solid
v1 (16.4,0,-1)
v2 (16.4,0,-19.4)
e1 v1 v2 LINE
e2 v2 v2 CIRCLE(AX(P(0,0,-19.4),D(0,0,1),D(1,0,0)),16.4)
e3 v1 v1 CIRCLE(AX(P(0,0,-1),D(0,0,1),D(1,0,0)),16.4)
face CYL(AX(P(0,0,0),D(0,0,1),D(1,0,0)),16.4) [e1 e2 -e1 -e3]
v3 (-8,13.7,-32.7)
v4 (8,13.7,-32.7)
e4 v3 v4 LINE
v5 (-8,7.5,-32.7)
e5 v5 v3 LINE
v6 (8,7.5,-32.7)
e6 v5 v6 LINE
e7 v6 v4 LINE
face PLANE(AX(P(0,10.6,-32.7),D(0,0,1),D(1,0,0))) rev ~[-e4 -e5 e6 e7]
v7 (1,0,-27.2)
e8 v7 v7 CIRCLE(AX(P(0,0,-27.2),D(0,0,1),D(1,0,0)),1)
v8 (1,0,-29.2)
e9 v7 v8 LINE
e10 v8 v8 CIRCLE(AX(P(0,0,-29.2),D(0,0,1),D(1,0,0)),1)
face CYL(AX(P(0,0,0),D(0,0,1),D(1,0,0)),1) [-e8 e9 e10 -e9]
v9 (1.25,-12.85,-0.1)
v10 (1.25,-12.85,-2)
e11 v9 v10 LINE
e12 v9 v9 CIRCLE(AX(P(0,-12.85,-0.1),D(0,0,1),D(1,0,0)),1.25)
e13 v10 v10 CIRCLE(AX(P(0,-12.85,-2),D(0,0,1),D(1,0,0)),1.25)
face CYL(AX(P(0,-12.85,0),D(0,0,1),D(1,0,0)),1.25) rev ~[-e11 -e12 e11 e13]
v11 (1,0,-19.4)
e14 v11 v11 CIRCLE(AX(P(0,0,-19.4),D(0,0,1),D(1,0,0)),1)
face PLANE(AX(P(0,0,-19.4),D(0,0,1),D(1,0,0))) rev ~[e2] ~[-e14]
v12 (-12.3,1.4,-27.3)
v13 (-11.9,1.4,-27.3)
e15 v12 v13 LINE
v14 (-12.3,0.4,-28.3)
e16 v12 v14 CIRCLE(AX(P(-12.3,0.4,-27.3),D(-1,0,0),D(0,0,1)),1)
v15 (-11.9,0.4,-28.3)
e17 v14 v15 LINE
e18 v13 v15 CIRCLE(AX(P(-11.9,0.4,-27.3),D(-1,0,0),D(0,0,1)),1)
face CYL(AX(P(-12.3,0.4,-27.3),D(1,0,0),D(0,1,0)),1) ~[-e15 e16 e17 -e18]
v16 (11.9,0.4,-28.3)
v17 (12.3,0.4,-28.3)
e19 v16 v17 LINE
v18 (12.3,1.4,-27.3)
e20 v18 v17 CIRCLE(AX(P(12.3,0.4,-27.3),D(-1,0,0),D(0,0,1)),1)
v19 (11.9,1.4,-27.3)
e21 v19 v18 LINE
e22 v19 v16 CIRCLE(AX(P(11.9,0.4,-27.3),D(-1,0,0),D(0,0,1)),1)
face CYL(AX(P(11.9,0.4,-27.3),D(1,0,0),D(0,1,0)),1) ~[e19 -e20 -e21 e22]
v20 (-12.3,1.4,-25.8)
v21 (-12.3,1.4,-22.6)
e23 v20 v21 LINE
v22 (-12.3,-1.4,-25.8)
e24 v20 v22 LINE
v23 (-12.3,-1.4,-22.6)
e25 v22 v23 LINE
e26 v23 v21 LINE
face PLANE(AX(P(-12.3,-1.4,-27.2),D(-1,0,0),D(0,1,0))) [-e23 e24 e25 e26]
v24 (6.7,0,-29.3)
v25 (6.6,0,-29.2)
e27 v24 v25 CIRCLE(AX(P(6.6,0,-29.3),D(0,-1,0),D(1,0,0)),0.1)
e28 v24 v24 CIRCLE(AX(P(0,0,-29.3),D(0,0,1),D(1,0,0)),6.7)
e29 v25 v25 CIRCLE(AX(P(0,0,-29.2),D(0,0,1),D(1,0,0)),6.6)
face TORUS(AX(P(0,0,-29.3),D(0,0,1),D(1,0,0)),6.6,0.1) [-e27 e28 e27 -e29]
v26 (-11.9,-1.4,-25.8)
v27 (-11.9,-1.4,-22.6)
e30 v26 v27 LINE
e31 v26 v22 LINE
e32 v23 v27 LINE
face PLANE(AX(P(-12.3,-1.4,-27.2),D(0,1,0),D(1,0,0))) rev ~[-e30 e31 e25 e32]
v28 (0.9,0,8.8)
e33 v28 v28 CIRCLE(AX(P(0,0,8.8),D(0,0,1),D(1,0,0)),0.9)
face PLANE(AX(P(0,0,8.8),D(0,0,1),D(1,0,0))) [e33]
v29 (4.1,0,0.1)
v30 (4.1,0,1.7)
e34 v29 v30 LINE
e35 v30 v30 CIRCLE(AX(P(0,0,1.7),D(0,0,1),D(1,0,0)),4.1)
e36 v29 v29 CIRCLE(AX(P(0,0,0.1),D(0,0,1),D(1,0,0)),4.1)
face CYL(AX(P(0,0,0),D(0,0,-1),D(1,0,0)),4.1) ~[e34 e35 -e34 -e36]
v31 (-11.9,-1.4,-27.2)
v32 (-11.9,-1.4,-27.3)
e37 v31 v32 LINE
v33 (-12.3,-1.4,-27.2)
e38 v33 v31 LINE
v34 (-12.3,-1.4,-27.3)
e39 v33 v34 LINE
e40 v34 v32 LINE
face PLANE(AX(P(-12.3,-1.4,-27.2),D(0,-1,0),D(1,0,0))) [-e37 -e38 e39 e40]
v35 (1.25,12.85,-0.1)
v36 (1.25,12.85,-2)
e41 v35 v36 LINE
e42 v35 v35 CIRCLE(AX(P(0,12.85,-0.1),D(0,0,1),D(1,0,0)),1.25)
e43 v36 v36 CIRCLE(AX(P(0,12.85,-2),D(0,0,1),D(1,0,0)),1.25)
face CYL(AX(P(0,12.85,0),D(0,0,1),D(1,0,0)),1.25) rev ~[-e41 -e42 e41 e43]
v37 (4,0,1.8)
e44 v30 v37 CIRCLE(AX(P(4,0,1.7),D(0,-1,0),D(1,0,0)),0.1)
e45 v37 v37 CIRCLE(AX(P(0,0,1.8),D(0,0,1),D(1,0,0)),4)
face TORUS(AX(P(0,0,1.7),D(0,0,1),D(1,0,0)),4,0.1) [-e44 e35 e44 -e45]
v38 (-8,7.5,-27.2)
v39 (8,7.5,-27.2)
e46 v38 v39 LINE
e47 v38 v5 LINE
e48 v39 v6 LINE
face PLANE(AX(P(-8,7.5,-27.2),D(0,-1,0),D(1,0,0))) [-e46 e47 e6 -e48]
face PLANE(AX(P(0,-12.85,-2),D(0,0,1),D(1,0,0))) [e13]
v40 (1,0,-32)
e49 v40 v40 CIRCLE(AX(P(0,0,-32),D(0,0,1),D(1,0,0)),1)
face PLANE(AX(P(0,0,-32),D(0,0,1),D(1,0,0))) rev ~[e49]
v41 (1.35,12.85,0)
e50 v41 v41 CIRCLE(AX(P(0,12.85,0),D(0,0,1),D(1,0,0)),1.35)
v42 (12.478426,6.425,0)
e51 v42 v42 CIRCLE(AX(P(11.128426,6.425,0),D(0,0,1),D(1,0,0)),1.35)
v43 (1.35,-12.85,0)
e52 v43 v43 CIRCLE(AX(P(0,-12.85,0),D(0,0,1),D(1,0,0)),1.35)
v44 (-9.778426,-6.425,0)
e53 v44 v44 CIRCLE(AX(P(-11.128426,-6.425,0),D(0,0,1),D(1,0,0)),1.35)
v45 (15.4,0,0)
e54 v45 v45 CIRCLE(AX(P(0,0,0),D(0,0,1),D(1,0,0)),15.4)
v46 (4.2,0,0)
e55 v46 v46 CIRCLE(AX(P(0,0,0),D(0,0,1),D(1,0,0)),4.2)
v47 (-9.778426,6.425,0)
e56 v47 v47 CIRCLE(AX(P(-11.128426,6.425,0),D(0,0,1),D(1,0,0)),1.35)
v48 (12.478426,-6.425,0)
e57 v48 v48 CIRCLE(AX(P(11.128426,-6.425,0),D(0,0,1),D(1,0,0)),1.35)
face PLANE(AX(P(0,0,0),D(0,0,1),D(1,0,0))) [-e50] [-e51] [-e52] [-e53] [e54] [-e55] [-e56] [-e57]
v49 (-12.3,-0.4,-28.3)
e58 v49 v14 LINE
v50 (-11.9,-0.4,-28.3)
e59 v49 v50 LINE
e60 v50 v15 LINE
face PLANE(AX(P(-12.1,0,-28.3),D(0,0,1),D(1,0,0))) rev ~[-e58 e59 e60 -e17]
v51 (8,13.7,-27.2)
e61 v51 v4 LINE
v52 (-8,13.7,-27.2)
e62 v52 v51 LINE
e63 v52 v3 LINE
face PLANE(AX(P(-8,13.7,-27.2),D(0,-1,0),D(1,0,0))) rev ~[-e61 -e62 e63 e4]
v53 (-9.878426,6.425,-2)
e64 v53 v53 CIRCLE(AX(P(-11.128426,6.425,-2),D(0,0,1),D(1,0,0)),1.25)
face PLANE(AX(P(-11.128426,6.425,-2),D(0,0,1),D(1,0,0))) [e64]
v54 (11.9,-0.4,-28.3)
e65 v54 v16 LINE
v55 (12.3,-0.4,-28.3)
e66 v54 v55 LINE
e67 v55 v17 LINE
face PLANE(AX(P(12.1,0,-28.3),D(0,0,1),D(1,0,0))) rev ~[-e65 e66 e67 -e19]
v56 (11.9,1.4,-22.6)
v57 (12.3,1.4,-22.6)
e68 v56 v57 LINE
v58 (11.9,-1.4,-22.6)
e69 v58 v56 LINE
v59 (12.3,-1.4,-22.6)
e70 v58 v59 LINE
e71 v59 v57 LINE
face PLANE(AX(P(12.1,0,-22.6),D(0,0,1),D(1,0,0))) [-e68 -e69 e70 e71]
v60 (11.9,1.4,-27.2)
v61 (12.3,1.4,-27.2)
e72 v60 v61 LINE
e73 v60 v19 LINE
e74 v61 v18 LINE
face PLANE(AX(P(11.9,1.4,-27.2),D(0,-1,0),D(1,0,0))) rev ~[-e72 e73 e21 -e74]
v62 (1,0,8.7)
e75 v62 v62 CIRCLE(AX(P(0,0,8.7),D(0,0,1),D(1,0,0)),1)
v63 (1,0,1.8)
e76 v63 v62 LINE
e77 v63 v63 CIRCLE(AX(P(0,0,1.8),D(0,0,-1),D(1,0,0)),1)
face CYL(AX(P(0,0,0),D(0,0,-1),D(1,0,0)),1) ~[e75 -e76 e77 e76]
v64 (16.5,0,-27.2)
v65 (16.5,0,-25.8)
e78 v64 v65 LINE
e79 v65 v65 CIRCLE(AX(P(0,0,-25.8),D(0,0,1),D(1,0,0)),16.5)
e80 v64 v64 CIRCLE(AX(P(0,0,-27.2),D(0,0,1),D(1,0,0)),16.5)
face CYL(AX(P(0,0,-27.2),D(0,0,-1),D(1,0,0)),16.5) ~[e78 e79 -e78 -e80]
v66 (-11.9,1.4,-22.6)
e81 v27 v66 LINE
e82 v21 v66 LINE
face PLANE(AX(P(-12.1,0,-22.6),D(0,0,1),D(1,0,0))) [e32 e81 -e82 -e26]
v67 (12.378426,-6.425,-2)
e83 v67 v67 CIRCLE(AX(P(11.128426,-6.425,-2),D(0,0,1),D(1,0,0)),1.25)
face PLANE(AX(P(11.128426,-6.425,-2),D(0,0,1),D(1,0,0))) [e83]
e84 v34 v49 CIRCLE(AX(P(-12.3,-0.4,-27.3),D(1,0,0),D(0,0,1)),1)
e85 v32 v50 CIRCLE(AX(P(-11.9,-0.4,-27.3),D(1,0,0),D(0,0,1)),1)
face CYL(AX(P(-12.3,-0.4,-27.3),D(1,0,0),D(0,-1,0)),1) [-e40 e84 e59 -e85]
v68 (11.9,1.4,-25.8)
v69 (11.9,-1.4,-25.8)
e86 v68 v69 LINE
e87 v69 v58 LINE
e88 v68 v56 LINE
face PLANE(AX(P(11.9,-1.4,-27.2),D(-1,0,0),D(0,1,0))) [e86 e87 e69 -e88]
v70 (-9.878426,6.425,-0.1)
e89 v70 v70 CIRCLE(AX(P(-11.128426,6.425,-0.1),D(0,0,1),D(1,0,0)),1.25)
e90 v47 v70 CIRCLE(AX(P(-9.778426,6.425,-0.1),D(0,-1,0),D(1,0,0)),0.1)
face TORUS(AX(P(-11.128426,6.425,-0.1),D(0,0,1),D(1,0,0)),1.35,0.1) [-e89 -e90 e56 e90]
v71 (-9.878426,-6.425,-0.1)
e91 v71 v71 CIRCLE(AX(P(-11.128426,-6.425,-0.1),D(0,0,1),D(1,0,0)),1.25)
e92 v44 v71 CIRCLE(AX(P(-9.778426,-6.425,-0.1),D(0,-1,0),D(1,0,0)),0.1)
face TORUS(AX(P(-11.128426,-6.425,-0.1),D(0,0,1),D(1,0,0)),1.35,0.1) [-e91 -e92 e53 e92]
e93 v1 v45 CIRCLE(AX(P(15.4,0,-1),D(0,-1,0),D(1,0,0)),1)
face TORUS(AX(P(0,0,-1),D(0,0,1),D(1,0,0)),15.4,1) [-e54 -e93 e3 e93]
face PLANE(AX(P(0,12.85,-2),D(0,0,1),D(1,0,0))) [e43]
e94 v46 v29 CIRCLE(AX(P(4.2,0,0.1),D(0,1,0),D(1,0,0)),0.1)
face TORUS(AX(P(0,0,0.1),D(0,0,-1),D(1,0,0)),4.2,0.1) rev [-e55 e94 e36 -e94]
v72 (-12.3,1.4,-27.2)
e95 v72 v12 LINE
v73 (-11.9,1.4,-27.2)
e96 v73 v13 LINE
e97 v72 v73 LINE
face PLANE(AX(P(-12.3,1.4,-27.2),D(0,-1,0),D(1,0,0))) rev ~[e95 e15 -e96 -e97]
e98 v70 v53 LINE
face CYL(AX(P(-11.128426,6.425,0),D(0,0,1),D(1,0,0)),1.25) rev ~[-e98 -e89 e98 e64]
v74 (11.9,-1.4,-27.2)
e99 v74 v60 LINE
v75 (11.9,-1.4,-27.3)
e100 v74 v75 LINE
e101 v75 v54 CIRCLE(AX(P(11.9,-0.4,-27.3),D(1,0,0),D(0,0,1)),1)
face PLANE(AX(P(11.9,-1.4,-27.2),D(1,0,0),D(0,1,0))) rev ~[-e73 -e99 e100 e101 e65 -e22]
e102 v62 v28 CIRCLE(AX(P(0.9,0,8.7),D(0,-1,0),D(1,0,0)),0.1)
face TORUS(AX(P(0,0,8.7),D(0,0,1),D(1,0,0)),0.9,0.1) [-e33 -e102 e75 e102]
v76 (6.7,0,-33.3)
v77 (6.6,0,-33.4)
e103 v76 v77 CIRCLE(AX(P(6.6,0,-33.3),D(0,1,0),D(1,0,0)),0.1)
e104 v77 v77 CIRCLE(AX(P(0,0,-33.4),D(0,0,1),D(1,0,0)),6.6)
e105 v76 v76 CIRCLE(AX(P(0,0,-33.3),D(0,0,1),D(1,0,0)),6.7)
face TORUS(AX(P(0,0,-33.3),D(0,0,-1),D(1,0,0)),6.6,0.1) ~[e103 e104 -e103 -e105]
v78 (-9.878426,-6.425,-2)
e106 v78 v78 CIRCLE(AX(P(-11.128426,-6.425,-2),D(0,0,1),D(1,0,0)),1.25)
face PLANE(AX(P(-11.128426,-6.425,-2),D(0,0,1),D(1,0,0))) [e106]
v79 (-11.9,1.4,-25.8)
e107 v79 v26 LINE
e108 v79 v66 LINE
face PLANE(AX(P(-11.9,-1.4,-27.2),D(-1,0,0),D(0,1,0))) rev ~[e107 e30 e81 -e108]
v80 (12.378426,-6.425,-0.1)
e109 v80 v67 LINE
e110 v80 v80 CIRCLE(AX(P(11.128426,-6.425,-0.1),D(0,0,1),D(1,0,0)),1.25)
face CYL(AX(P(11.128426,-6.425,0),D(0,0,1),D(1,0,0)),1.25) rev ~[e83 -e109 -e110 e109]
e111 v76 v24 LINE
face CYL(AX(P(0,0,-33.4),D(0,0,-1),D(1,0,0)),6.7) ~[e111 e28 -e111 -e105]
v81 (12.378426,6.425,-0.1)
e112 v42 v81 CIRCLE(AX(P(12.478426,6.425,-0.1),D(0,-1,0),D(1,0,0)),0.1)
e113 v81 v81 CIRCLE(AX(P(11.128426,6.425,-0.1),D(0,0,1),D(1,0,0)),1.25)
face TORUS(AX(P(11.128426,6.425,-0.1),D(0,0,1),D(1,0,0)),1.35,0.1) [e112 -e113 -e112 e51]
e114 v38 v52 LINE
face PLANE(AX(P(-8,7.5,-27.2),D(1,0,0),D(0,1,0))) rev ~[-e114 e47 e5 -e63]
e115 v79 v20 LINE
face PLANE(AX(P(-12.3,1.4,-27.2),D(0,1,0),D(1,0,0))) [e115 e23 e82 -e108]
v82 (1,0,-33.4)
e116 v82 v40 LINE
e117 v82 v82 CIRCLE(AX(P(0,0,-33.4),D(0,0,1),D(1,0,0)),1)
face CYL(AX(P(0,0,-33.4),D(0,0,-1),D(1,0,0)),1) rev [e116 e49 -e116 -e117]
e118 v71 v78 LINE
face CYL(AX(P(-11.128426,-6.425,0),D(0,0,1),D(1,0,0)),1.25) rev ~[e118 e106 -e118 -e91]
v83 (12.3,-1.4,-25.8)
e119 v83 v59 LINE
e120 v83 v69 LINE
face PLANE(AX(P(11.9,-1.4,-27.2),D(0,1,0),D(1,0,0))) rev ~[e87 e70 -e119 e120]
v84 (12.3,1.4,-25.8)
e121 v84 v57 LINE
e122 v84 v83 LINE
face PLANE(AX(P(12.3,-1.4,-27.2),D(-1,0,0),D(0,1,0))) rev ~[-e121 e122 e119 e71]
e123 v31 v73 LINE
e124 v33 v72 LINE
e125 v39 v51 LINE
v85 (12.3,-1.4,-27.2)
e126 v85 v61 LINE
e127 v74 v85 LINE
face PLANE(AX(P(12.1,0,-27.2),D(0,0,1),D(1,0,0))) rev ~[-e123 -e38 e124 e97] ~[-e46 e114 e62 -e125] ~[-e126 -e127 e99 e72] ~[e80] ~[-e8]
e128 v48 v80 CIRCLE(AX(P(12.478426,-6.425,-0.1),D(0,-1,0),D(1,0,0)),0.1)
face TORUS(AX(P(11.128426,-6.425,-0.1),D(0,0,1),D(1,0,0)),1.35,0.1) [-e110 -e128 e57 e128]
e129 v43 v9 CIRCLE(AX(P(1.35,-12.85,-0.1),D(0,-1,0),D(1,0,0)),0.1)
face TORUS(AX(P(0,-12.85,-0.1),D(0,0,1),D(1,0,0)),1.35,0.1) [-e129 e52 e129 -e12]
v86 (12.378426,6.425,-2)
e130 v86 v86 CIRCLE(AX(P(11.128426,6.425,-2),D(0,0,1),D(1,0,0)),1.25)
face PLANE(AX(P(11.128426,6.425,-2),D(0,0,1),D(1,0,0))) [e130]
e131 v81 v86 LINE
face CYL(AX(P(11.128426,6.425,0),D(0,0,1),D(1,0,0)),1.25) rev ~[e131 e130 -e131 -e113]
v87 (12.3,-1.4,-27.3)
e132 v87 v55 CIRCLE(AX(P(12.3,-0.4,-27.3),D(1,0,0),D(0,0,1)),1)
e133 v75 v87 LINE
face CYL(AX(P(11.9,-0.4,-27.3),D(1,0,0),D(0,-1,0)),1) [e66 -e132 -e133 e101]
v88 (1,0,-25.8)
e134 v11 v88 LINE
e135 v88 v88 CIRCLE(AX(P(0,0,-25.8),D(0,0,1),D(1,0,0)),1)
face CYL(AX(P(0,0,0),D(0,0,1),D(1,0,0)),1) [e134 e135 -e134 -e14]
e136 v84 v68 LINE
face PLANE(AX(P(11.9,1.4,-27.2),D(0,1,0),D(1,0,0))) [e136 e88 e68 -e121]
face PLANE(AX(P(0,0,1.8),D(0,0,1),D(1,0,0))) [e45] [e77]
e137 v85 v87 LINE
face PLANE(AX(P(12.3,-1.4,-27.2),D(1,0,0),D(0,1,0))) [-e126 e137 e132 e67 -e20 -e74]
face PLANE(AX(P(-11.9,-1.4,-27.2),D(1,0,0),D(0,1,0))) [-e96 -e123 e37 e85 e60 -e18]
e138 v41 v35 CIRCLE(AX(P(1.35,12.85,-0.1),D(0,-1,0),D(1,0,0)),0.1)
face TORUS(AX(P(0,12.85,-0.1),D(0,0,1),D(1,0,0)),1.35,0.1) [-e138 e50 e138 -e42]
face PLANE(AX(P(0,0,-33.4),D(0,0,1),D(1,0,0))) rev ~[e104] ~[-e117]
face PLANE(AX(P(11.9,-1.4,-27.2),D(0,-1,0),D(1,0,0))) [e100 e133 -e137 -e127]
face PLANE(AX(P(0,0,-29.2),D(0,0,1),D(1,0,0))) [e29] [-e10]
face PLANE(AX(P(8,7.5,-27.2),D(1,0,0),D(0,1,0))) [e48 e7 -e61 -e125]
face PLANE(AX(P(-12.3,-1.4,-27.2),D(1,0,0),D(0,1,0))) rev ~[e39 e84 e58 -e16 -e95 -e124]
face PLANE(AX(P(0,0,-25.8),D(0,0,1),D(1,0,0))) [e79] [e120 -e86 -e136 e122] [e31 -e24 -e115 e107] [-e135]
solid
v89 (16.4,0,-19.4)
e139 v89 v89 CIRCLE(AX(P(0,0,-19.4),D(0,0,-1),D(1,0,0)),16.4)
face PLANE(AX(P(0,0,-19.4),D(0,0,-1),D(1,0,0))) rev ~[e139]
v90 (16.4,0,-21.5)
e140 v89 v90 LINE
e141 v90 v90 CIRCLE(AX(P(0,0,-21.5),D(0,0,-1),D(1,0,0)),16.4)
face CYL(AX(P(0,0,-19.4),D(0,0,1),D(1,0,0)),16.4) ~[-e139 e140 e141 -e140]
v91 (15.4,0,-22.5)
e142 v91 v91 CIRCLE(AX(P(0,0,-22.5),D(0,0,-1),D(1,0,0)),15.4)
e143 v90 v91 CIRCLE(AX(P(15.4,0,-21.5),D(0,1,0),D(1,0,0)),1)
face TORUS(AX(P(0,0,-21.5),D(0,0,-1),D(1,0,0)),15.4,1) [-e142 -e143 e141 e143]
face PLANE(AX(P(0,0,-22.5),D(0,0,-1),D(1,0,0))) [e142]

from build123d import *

# Parameters (mm, degrees)
SKETCH1_R                = 16.4
BOSS_EXTRUDE1_DEPTH      = 19.4
SKETCH3_R                = 16.5
BOSS_EXTRUDE3_DEPTH      = 1.4
BOSS_EXTRUDE4_DEPTH      = 4.6
BOSS_EXTRUDE4_DEPTH_BACK = 1.1
SKETCH4_W                = 0.4
SKETCH4_H                = 2.8
SKETCH1_3_R              = 4.1
BOSS_EXTRUDE5_DEPTH      = 1.8
BOSS_EXTRUDE6_DEPTH      = 8.8
BOSS_EXTRUDE6_DEPTH_BACK = 32
SKETCH1_4_R              = 1
SKETCH1_5_R              = 1.25
CUT_EXTRUDE1_DEPTH       = 2
BOSS_EXTRUDE7_START      = 4.2
SKETCH5_R                = 6.7
SKETCH5_R_2              = 1
BOSS_EXTRUDE7_DEPTH      = 4.2
SKETCH6_W                = 16
SKETCH6_H                = 6.2
BOSS_EXTRUDE8_DEPTH      = 5.5
SKETCH2_R                = 16.4
BOSS_EXTRUDE9_DEPTH      = 3.1
FILLET1_R                = 0.1
FILLET2_R                = 1
FILLET3_R                = 1


with BuildPart() as part:
    # Sketch1 → Boss-Extrude1 (new body)
    with BuildSketch(Plane.XY):
        Circle(SKETCH1_R)
    extrude(amount=-BOSS_EXTRUDE1_DEPTH)

    # Sketch1<3> → Boss-Extrude5 (add)
    with BuildSketch(Plane.XY):
        Circle(SKETCH1_3_R)
    extrude(amount=BOSS_EXTRUDE5_DEPTH)



with BuildPart() as body_2:
    # Sketch3 → Boss-Extrude3 (new body)
    with BuildSketch(Plane.XY.offset(-27.2)):
        Circle(SKETCH3_R)
    extrude(amount=BOSS_EXTRUDE3_DEPTH)

    # Sketch4 → Boss-Extrude4 (add, two sides: drawn at the far end of the back side and taken through both)
    with BuildSketch(Plane.XY.offset(-27.2).offset(-BOSS_EXTRUDE4_DEPTH_BACK)):
        with Locations((12.1, 0)):
            Rectangle(SKETCH4_W, SKETCH4_H)
        with Locations((-12.1, 0)):
            Rectangle(SKETCH4_W, SKETCH4_H)
    extrude(amount=BOSS_EXTRUDE4_DEPTH + BOSS_EXTRUDE4_DEPTH_BACK)


with BuildPart() as part_1:
    add(part.part)

    add(body_2.part)  # Boss-Extrude6 merges body 2
    # Sketch1<4> → Boss-Extrude6 (add, two sides: drawn at the far end of the back side and taken through both)
    with BuildSketch(Plane.XY.offset(-BOSS_EXTRUDE6_DEPTH_BACK)):
        Circle(SKETCH1_4_R)
    extrude(amount=BOSS_EXTRUDE6_DEPTH + BOSS_EXTRUDE6_DEPTH_BACK)

    # Sketch1<5> → Cut-Extrude1 (cut)
    with BuildSketch(Plane.XY):
        with Locations((0, 12.85)):
            Circle(SKETCH1_5_R)
        with Locations((-11.128426439, 6.425)):
            Circle(SKETCH1_5_R)
        with Locations((11.128426439, 6.425)):
            Circle(SKETCH1_5_R)
        with Locations((11.128426439, -6.425)):
            Circle(SKETCH1_5_R)
        with Locations((0, -12.85)):
            Circle(SKETCH1_5_R)
        with Locations((-11.128426439, -6.425)):
            Circle(SKETCH1_5_R)
    extrude(amount=-CUT_EXTRUDE1_DEPTH, mode=Mode.SUBTRACT)

    # Sketch5 → Boss-Extrude7 (add)
    with BuildSketch(Plane.XY.offset(-33.4).offset(BOSS_EXTRUDE7_START)):
        Circle(SKETCH5_R)
        Circle(SKETCH5_R_2, mode=Mode.SUBTRACT)
    extrude(amount=-BOSS_EXTRUDE7_DEPTH)

    # Sketch6 → Boss-Extrude8 (add)
    with BuildSketch(Plane.XY.offset(-27.2)):
        with Locations((0, 10.6)):
            Rectangle(SKETCH6_W, SKETCH6_H)
    extrude(amount=-BOSS_EXTRUDE8_DEPTH)

    # Fillet1
    fillet1_edges = [part_1.edges().sort_by_distance(p)[0] for p in [
        (-6.7, 0, -29.2),
        (-6.7, 0, -33.4),
        (-4.1, 0, 0),
        (-4.1, 0, 1.8),
        (9.878426439, 6.425, 0),
        (9.878426439, -6.425, 0),
        (-1.25, -12.85, 0),
        (-12.378426439, -6.425, 0),
        (-12.378426439, 6.425, 0),
        (-1.25, 12.85, 0),
        (-1, 0, 8.8),
    ]]
    fillet(fillet1_edges, radius=FILLET1_R)

    # Fillet2
    fillet2_edges = [part_1.edges().sort_by_distance(p)[0] for p in [
        (-12.1, -1.4, -28.3),
        (-12.1, 1.4, -28.3),
        (12.1, -1.4, -28.3),
        (12.1, 1.4, -28.3),
        (-16.4, 0, 0),
    ]]
    fillet(fillet2_edges, radius=FILLET2_R)


with BuildPart() as body_2_2:
    # Sketch2 → Boss-Extrude9 (new body)
    with BuildSketch(Plane(origin=(0, 0, -19.4), x_dir=(-1, 0, 0), z_dir=(0, 0, -1))):
        Circle(SKETCH2_R)
    extrude(amount=BOSS_EXTRUDE9_DEPTH)

    # Fillet3
    fillet3_edges = [body_2_2.edges().sort_by_distance(p)[0] for p in [
        (16.4, 0, -22.5),
    ]]
    fillet(fillet3_edges, radius=FILLET3_R)


solid = Compound([part_1.part, body_2_2.part])
